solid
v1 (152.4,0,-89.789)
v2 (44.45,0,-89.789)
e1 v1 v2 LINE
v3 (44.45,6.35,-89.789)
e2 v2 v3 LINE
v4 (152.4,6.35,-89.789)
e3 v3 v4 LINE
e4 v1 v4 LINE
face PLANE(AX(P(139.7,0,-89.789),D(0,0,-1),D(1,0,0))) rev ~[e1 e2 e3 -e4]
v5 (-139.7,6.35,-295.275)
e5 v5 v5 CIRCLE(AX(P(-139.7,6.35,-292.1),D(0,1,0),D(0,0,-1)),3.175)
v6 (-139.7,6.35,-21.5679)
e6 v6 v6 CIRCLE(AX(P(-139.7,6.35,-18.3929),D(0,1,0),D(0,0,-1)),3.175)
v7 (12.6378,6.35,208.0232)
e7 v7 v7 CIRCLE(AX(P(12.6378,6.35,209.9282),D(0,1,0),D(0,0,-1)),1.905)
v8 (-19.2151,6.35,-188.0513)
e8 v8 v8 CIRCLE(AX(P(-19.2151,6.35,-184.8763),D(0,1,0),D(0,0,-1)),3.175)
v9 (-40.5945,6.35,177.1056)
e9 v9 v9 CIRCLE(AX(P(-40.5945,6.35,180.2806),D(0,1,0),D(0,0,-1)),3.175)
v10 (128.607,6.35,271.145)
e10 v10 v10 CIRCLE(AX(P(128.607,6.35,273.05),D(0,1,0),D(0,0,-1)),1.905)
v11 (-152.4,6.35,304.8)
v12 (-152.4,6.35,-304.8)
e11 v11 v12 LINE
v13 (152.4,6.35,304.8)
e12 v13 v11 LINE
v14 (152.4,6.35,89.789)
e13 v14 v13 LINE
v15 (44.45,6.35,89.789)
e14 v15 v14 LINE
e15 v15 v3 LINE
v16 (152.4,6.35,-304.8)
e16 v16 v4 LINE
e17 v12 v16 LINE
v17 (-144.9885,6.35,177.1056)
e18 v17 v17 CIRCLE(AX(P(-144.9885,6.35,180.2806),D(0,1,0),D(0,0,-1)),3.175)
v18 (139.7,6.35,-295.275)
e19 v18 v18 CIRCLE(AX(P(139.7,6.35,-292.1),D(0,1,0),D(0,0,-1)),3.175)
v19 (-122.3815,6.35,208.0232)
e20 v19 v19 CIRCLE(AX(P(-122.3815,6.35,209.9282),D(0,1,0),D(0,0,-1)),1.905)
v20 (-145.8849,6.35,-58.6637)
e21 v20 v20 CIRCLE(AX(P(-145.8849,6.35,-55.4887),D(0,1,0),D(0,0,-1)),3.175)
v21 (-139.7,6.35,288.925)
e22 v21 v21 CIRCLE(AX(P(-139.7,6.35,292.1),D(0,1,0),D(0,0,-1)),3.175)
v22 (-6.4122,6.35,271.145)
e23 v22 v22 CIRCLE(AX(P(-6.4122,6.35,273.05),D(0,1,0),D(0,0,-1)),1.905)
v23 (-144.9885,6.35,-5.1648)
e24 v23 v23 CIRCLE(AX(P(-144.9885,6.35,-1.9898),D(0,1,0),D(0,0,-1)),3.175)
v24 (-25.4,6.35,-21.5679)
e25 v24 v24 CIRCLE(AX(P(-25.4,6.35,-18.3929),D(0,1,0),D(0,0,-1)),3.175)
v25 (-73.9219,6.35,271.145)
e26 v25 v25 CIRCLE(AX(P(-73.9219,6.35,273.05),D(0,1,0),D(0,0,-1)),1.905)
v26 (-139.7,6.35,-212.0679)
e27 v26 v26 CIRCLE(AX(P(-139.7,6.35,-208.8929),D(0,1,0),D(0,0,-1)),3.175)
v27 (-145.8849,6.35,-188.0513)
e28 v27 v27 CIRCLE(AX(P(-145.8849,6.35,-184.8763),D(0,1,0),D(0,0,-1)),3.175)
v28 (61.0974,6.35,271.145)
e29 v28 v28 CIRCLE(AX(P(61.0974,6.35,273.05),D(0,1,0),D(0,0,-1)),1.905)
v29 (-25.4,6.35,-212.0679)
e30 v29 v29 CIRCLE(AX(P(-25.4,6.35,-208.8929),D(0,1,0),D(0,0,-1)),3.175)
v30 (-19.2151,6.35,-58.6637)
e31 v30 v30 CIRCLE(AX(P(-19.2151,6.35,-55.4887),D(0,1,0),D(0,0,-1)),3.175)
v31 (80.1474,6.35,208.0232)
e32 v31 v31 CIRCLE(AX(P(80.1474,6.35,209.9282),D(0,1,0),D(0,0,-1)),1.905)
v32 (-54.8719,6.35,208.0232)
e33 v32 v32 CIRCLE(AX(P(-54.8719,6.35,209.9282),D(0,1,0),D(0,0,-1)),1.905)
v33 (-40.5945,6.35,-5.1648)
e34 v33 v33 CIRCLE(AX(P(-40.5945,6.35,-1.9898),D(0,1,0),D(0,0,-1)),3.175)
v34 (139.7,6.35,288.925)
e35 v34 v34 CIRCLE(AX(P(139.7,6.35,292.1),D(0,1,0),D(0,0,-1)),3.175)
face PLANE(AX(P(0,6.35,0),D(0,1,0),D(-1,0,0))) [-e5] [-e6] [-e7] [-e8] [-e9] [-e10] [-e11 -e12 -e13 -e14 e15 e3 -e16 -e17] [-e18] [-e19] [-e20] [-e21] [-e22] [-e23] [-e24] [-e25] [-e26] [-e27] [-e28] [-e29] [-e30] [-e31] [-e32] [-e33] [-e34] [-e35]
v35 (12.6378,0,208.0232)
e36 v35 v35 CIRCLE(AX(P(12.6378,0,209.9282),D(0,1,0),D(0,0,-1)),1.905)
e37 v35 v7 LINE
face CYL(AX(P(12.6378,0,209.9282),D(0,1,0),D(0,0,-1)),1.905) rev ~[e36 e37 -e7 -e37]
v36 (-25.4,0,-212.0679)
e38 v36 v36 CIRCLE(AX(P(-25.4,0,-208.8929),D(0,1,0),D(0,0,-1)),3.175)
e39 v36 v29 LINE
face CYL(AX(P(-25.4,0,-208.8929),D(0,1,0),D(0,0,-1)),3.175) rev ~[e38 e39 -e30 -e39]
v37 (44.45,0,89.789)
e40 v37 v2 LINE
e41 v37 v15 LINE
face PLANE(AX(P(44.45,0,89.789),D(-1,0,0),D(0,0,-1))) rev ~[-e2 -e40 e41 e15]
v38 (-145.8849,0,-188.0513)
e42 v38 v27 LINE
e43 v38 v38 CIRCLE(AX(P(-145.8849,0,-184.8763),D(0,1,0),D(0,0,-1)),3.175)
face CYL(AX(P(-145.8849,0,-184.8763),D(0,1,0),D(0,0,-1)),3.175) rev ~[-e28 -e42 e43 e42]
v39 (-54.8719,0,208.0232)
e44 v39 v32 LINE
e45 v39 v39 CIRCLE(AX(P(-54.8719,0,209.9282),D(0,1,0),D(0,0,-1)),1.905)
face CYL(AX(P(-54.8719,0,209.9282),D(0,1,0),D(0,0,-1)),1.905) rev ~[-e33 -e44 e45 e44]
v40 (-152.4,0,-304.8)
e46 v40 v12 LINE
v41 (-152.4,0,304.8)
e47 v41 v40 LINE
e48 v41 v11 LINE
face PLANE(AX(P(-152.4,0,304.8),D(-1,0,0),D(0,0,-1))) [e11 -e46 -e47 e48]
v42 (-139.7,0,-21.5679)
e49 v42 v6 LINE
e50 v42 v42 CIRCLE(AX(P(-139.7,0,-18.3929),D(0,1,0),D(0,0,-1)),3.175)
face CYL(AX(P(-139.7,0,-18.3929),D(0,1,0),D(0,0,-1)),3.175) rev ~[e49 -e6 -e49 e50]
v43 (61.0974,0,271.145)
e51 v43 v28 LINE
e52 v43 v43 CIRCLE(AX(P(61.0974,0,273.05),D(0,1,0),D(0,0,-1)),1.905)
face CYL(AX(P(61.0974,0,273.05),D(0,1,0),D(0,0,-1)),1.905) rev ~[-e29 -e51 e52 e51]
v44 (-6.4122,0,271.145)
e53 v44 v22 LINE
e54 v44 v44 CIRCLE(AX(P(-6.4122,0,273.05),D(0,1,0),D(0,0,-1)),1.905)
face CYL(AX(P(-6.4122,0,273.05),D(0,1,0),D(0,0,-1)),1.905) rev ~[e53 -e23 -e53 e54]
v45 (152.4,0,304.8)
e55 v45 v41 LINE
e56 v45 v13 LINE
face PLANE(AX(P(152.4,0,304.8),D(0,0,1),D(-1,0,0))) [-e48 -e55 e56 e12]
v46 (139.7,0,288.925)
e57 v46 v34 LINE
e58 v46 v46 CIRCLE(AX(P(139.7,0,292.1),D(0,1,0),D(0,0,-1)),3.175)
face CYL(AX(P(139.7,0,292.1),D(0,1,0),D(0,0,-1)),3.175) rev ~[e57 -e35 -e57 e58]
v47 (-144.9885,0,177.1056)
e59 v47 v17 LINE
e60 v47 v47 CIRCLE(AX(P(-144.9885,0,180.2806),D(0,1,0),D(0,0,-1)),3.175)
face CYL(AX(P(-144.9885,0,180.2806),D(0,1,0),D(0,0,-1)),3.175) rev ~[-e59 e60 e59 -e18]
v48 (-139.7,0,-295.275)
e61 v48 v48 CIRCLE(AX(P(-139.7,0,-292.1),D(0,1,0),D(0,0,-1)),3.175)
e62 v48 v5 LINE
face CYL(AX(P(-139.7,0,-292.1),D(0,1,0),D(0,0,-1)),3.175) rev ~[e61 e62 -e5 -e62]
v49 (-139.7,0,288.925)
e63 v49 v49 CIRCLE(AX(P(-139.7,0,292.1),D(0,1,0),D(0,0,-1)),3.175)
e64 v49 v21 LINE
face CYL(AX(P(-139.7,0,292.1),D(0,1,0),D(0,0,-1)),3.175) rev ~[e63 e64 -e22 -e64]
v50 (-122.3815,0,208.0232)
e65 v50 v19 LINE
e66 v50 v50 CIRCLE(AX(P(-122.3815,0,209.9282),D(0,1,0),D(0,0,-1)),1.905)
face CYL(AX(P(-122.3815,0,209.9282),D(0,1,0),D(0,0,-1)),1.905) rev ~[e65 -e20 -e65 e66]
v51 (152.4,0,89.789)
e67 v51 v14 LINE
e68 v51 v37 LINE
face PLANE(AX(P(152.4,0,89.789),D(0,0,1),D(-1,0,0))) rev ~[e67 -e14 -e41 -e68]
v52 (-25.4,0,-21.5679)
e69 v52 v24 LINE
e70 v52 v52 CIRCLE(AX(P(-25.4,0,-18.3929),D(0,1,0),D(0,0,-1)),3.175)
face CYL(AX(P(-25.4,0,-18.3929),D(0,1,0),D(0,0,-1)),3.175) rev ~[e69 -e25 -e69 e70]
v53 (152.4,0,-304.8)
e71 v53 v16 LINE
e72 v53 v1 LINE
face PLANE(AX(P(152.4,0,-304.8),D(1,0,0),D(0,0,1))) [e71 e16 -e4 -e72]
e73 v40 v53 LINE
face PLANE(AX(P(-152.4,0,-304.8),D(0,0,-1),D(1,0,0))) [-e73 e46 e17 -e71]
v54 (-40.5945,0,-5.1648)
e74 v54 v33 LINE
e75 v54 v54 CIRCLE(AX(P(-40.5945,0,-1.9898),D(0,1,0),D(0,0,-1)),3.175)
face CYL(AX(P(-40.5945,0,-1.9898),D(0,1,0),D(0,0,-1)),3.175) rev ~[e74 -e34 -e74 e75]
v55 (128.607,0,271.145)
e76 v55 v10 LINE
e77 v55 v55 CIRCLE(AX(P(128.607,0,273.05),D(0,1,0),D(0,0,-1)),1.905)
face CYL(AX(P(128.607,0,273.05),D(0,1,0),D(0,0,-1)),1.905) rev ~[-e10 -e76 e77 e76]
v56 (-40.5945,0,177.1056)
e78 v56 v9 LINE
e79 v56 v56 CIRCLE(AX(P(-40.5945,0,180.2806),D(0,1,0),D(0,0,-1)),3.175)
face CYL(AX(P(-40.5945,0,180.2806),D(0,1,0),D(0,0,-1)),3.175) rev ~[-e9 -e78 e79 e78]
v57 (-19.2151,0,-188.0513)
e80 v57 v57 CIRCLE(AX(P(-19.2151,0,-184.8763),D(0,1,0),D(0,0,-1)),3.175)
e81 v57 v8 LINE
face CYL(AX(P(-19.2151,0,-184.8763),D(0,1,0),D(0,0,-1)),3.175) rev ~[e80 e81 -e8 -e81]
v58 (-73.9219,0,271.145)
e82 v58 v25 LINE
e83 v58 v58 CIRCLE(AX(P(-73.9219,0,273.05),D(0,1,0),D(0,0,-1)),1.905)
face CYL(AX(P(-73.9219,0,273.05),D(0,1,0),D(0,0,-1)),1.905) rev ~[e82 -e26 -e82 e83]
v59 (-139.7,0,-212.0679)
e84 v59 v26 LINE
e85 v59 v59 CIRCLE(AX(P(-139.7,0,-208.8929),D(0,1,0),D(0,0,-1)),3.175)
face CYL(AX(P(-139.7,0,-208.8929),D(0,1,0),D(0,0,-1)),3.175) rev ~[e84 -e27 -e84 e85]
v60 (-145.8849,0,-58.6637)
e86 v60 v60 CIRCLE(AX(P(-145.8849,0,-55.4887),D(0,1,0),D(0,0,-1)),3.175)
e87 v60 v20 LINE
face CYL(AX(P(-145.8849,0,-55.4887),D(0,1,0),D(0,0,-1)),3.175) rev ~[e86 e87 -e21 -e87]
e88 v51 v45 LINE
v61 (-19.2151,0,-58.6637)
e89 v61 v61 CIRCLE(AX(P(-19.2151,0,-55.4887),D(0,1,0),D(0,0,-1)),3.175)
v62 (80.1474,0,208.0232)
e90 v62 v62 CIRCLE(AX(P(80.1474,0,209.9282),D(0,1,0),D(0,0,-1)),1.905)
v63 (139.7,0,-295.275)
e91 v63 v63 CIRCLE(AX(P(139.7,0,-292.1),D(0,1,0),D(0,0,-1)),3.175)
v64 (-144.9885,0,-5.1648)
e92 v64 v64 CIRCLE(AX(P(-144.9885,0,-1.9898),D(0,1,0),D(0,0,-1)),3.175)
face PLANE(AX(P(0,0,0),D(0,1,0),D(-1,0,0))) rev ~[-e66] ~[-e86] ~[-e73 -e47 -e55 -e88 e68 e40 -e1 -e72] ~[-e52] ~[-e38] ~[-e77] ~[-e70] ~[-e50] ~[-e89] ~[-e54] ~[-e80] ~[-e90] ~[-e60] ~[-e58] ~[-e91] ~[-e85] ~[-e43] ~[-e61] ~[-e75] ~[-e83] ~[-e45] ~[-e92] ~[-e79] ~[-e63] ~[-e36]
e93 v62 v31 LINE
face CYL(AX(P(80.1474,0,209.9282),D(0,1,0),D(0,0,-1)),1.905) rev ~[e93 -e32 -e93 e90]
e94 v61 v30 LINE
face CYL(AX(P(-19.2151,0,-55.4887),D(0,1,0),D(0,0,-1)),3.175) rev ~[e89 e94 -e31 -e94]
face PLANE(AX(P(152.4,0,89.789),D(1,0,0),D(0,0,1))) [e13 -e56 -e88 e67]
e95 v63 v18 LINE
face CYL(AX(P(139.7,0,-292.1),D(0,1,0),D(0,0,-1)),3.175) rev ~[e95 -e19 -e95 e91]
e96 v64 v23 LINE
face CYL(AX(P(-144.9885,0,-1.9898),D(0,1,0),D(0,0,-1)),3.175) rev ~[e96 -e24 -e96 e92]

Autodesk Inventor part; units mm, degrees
ref_plane "YZ Plane" through (0, 0, 0) normal (1, 0, 0) x (0, 1, 0)
ref_plane "XZ Plane" through (0, 0, 0) normal (0, 1, 0) x (-1, 0, 0)
ref_plane "XY Plane" through (0, 0, 0) normal (0, 0, 1) x (1, 0, 0)
sketch "Sketch1" plane through (0, 0, 0) normal (0, 1, 0) x (-1, 0, 0)
  line L0 (-139.7, 292.1) -> (139.7, 292.1)
  line L1 (139.7, 292.1) -> (139.7, -292.1)
  line L2 (139.7, -292.1) -> (-139.7, -292.1)
  line L3 (-139.7, -292.1) -> (-139.7, -89.789)
  line L4 (-139.7, 292.1) -> (139.7, -292.1) construction
  line L5 (139.7, 292.1) -> (-139.7, -292.1) construction
  line L6 (-152.4, 304.8) -> (152.4, 304.8)
  line L7 (152.4, 304.8) -> (152.4, -304.8)
  line L8 (152.4, -304.8) -> (-152.4, -304.8)
  line L9 (-152.4, -304.8) -> (-152.4, -89.789)
  line L10 (-152.4, 304.8) -> (152.4, -304.8) construction
  line L11 (152.4, 304.8) -> (-152.4, -304.8) construction
  line L12 (40.5945, 180.2806) -> (144.9885, 180.2806)
  line L13 (144.9885, 180.2806) -> (144.9885, -1.9898)
  line L14 (144.9885, -1.9898) -> (40.5945, -1.9898)
  line L15 (40.5945, -1.9898) -> (40.5945, 180.2806)
  line L16 (40.5945, 180.2806) -> (144.9885, -1.9898) construction
  line L17 (144.9885, 180.2806) -> (40.5945, -1.9898) construction
  line L18 (145.8849, -184.8763) -> (19.2151, -184.8763)
  line L19 (19.2151, -184.8763) -> (19.2151, -55.4887)
  line L20 (19.2151, -55.4887) -> (145.8849, -55.4887)
  line L21 (145.8849, -55.4887) -> (145.8849, -184.8763)
  line L22 (145.8849, -184.8763) -> (19.2151, -55.4887) construction
  line L23 (19.2151, -184.8763) -> (145.8849, -55.4887) construction
  line L24 (122.3815, 273.05) -> (73.9219, 273.05)
  line L25 (73.9219, 273.05) -> (73.9219, 209.9282)
  line L26 (73.9219, 209.9282) -> (122.3815, 209.9282)
  line L27 (122.3815, 209.9282) -> (122.3815, 273.05)
  line L28 (122.3815, 273.05) -> (73.9219, 209.9282) construction
  line L29 (54.8719, 273.05) -> (6.4122, 273.05)
  line L30 (6.4122, 273.05) -> (6.4122, 209.9282)
  line L31 (6.4122, 209.9282) -> (54.8719, 209.9282)
  line L32 (54.8719, 209.9282) -> (54.8719, 273.05)
  line L33 (-12.6378, 273.05) -> (-61.0974, 273.05)
  line L34 (-61.0974, 273.05) -> (-61.0974, 209.9282)
  line L35 (-61.0974, 209.9282) -> (-12.6378, 209.9282)
  line L36 (-12.6378, 209.9282) -> (-12.6378, 273.05)
  line L37 (-80.1474, 273.05) -> (-128.607, 273.05)
  line L38 (-128.607, 273.05) -> (-128.607, 209.9282)
  line L39 (-128.607, 209.9282) -> (-80.1474, 209.9282)
  line L40 (-80.1474, 209.9282) -> (-80.1474, 273.05)
  line L41 (73.9219, 273.05) -> (122.3815, 209.9282)
  line L42 (6.4122, 273.05) -> (54.8719, 209.9282)
  line L43 (-61.0974, 273.05) -> (-12.6378, 209.9282)
  line L44 (-128.607, 273.05) -> (-80.1474, 209.9282)
  line L45 (139.7, -18.3929) -> (25.4, -18.3929)
  line L46 (25.4, -18.3929) -> (25.4, -208.8929)
  line L47 (25.4, -208.8929) -> (139.7, -208.8929)
  line L48 (139.7, -208.8929) -> (139.7, -18.3929)
  line L49 (-44.45, -89.789) -> (-152.4, -89.789)
  line L50 (-44.45, 89.789) -> (-44.45, -89.789)
  line L51 (-152.4, 89.789) -> (-44.45, 89.789)
  line L52 (-139.7, 89.789) -> (-139.7, 292.1)
  line L53 (-152.4, 89.789) -> (-152.4, 304.8)
  point P0 (0, 0)
  point P1 (0, 0)
  point P2 (0, 0)
  point P3 (92.7915, 89.1454)
  point P4 (92.7915, 89.1454)
  point P5 (82.55, -120.1825)
  point P6 (82.55, -120.1825)
  point P7 (108.7202, 255.2553)
  point P8 (82.55, -120.1825)
  point P9 (-152.4, 0)
  dimension "d71" = 279.4
  dimension "d72" = 584.2
  dimension "d73" = 304.8
  dimension "d74" = 609.6
  dimension "d84" = 104.394
  dimension "d85" = 182.2704
  dimension "d86" = 126.6698
  dimension "d87" = 129.3876
  dimension "d102" = 19.05
  dimension "d103" = 19.05
  dimension "d104" = 19.05
  dimension "d112" = 79.5782
  dimension "d113" = 79.5782
  dimension "d114" = 79.5782
  dimension "d115" = 79.5782
  dimension "d116" = 114.3
  dimension "d117" = 190.5
  dimension "d127" = 179.578
  dimension "d128" = 107.95
  dimension "d129" = 107.95
  dimension "d130" = 52.486
  dimension "d134" = 298.6819
  dimension "d135" = 30.0185
  dimension "d137" = 12.7
  dimension "d138" = 31.75
extrude "Extrusion6" add sketch "Sketch1" along normal blind 6.35 contours L52 L51 L53 L6 L7 L8 L9 L49 L3 L2 L1 L18 L21 L20 L14 L13 L12 L0 | L0 L1 L12 L15 L14 L45 L46 L20 L19 L18 L47 L2 L3 L49 L50 L51 L52 | L12 L13 L14 L1 | L1 L14 L15 L12 | L1 L20 L46 L45 | L20 L21 L18 L1 | L1 L18 L46 L20 | L1 L47 L46 L18 | L46 L18 L19 L20 | L27 L41 L24 | L41 L26 L25 | L32 L42 L29 | L42 L31 L30 | L36 L43 L33 | L43 L35 L34 | L40 L44 L37 | L44 L39 L38
hole "Hole6" at (139.7, 0, 292.1) at (-139.7, 0, 292.1) at (-139.7, 0, -292.1) at (139.7, 0, -292.1) at (-19.2151, 0, -55.4887) at (-19.2151, 0, -184.8763) at (-145.8849, 0, -184.8763) at (-145.8849, 0, -55.4887) at (-144.9885, 0, 180.2806) at (-40.5945, 0, 180.2806) at (-40.5945, 0, -1.9898) at (-144.9885, 0, -1.9898) direction (0, 1, 0) diameter 6.35 end through all
hole "Hole7" at (-122.3815, 0, 209.9282) at (-73.9219, 0, 273.05) at (-54.8719, 0, 209.9282) at (-6.4122, 0, 273.05) at (12.6378, 0, 209.9282) at (61.0974, 0, 273.05) at (80.1474, 0, 209.9282) at (128.607, 0, 273.05) direction (0, 1, 0) diameter 3.81 end through all
hole "Hole8" at (-139.7, 0, -18.3929) at (-25.4, 0, -18.3929) at (-25.4, 0, -208.8929) at (-139.7, 0, -208.8929) direction (0, 1, 0) diameter 6.35 end through all
properties part number "eboardbaseplate"
